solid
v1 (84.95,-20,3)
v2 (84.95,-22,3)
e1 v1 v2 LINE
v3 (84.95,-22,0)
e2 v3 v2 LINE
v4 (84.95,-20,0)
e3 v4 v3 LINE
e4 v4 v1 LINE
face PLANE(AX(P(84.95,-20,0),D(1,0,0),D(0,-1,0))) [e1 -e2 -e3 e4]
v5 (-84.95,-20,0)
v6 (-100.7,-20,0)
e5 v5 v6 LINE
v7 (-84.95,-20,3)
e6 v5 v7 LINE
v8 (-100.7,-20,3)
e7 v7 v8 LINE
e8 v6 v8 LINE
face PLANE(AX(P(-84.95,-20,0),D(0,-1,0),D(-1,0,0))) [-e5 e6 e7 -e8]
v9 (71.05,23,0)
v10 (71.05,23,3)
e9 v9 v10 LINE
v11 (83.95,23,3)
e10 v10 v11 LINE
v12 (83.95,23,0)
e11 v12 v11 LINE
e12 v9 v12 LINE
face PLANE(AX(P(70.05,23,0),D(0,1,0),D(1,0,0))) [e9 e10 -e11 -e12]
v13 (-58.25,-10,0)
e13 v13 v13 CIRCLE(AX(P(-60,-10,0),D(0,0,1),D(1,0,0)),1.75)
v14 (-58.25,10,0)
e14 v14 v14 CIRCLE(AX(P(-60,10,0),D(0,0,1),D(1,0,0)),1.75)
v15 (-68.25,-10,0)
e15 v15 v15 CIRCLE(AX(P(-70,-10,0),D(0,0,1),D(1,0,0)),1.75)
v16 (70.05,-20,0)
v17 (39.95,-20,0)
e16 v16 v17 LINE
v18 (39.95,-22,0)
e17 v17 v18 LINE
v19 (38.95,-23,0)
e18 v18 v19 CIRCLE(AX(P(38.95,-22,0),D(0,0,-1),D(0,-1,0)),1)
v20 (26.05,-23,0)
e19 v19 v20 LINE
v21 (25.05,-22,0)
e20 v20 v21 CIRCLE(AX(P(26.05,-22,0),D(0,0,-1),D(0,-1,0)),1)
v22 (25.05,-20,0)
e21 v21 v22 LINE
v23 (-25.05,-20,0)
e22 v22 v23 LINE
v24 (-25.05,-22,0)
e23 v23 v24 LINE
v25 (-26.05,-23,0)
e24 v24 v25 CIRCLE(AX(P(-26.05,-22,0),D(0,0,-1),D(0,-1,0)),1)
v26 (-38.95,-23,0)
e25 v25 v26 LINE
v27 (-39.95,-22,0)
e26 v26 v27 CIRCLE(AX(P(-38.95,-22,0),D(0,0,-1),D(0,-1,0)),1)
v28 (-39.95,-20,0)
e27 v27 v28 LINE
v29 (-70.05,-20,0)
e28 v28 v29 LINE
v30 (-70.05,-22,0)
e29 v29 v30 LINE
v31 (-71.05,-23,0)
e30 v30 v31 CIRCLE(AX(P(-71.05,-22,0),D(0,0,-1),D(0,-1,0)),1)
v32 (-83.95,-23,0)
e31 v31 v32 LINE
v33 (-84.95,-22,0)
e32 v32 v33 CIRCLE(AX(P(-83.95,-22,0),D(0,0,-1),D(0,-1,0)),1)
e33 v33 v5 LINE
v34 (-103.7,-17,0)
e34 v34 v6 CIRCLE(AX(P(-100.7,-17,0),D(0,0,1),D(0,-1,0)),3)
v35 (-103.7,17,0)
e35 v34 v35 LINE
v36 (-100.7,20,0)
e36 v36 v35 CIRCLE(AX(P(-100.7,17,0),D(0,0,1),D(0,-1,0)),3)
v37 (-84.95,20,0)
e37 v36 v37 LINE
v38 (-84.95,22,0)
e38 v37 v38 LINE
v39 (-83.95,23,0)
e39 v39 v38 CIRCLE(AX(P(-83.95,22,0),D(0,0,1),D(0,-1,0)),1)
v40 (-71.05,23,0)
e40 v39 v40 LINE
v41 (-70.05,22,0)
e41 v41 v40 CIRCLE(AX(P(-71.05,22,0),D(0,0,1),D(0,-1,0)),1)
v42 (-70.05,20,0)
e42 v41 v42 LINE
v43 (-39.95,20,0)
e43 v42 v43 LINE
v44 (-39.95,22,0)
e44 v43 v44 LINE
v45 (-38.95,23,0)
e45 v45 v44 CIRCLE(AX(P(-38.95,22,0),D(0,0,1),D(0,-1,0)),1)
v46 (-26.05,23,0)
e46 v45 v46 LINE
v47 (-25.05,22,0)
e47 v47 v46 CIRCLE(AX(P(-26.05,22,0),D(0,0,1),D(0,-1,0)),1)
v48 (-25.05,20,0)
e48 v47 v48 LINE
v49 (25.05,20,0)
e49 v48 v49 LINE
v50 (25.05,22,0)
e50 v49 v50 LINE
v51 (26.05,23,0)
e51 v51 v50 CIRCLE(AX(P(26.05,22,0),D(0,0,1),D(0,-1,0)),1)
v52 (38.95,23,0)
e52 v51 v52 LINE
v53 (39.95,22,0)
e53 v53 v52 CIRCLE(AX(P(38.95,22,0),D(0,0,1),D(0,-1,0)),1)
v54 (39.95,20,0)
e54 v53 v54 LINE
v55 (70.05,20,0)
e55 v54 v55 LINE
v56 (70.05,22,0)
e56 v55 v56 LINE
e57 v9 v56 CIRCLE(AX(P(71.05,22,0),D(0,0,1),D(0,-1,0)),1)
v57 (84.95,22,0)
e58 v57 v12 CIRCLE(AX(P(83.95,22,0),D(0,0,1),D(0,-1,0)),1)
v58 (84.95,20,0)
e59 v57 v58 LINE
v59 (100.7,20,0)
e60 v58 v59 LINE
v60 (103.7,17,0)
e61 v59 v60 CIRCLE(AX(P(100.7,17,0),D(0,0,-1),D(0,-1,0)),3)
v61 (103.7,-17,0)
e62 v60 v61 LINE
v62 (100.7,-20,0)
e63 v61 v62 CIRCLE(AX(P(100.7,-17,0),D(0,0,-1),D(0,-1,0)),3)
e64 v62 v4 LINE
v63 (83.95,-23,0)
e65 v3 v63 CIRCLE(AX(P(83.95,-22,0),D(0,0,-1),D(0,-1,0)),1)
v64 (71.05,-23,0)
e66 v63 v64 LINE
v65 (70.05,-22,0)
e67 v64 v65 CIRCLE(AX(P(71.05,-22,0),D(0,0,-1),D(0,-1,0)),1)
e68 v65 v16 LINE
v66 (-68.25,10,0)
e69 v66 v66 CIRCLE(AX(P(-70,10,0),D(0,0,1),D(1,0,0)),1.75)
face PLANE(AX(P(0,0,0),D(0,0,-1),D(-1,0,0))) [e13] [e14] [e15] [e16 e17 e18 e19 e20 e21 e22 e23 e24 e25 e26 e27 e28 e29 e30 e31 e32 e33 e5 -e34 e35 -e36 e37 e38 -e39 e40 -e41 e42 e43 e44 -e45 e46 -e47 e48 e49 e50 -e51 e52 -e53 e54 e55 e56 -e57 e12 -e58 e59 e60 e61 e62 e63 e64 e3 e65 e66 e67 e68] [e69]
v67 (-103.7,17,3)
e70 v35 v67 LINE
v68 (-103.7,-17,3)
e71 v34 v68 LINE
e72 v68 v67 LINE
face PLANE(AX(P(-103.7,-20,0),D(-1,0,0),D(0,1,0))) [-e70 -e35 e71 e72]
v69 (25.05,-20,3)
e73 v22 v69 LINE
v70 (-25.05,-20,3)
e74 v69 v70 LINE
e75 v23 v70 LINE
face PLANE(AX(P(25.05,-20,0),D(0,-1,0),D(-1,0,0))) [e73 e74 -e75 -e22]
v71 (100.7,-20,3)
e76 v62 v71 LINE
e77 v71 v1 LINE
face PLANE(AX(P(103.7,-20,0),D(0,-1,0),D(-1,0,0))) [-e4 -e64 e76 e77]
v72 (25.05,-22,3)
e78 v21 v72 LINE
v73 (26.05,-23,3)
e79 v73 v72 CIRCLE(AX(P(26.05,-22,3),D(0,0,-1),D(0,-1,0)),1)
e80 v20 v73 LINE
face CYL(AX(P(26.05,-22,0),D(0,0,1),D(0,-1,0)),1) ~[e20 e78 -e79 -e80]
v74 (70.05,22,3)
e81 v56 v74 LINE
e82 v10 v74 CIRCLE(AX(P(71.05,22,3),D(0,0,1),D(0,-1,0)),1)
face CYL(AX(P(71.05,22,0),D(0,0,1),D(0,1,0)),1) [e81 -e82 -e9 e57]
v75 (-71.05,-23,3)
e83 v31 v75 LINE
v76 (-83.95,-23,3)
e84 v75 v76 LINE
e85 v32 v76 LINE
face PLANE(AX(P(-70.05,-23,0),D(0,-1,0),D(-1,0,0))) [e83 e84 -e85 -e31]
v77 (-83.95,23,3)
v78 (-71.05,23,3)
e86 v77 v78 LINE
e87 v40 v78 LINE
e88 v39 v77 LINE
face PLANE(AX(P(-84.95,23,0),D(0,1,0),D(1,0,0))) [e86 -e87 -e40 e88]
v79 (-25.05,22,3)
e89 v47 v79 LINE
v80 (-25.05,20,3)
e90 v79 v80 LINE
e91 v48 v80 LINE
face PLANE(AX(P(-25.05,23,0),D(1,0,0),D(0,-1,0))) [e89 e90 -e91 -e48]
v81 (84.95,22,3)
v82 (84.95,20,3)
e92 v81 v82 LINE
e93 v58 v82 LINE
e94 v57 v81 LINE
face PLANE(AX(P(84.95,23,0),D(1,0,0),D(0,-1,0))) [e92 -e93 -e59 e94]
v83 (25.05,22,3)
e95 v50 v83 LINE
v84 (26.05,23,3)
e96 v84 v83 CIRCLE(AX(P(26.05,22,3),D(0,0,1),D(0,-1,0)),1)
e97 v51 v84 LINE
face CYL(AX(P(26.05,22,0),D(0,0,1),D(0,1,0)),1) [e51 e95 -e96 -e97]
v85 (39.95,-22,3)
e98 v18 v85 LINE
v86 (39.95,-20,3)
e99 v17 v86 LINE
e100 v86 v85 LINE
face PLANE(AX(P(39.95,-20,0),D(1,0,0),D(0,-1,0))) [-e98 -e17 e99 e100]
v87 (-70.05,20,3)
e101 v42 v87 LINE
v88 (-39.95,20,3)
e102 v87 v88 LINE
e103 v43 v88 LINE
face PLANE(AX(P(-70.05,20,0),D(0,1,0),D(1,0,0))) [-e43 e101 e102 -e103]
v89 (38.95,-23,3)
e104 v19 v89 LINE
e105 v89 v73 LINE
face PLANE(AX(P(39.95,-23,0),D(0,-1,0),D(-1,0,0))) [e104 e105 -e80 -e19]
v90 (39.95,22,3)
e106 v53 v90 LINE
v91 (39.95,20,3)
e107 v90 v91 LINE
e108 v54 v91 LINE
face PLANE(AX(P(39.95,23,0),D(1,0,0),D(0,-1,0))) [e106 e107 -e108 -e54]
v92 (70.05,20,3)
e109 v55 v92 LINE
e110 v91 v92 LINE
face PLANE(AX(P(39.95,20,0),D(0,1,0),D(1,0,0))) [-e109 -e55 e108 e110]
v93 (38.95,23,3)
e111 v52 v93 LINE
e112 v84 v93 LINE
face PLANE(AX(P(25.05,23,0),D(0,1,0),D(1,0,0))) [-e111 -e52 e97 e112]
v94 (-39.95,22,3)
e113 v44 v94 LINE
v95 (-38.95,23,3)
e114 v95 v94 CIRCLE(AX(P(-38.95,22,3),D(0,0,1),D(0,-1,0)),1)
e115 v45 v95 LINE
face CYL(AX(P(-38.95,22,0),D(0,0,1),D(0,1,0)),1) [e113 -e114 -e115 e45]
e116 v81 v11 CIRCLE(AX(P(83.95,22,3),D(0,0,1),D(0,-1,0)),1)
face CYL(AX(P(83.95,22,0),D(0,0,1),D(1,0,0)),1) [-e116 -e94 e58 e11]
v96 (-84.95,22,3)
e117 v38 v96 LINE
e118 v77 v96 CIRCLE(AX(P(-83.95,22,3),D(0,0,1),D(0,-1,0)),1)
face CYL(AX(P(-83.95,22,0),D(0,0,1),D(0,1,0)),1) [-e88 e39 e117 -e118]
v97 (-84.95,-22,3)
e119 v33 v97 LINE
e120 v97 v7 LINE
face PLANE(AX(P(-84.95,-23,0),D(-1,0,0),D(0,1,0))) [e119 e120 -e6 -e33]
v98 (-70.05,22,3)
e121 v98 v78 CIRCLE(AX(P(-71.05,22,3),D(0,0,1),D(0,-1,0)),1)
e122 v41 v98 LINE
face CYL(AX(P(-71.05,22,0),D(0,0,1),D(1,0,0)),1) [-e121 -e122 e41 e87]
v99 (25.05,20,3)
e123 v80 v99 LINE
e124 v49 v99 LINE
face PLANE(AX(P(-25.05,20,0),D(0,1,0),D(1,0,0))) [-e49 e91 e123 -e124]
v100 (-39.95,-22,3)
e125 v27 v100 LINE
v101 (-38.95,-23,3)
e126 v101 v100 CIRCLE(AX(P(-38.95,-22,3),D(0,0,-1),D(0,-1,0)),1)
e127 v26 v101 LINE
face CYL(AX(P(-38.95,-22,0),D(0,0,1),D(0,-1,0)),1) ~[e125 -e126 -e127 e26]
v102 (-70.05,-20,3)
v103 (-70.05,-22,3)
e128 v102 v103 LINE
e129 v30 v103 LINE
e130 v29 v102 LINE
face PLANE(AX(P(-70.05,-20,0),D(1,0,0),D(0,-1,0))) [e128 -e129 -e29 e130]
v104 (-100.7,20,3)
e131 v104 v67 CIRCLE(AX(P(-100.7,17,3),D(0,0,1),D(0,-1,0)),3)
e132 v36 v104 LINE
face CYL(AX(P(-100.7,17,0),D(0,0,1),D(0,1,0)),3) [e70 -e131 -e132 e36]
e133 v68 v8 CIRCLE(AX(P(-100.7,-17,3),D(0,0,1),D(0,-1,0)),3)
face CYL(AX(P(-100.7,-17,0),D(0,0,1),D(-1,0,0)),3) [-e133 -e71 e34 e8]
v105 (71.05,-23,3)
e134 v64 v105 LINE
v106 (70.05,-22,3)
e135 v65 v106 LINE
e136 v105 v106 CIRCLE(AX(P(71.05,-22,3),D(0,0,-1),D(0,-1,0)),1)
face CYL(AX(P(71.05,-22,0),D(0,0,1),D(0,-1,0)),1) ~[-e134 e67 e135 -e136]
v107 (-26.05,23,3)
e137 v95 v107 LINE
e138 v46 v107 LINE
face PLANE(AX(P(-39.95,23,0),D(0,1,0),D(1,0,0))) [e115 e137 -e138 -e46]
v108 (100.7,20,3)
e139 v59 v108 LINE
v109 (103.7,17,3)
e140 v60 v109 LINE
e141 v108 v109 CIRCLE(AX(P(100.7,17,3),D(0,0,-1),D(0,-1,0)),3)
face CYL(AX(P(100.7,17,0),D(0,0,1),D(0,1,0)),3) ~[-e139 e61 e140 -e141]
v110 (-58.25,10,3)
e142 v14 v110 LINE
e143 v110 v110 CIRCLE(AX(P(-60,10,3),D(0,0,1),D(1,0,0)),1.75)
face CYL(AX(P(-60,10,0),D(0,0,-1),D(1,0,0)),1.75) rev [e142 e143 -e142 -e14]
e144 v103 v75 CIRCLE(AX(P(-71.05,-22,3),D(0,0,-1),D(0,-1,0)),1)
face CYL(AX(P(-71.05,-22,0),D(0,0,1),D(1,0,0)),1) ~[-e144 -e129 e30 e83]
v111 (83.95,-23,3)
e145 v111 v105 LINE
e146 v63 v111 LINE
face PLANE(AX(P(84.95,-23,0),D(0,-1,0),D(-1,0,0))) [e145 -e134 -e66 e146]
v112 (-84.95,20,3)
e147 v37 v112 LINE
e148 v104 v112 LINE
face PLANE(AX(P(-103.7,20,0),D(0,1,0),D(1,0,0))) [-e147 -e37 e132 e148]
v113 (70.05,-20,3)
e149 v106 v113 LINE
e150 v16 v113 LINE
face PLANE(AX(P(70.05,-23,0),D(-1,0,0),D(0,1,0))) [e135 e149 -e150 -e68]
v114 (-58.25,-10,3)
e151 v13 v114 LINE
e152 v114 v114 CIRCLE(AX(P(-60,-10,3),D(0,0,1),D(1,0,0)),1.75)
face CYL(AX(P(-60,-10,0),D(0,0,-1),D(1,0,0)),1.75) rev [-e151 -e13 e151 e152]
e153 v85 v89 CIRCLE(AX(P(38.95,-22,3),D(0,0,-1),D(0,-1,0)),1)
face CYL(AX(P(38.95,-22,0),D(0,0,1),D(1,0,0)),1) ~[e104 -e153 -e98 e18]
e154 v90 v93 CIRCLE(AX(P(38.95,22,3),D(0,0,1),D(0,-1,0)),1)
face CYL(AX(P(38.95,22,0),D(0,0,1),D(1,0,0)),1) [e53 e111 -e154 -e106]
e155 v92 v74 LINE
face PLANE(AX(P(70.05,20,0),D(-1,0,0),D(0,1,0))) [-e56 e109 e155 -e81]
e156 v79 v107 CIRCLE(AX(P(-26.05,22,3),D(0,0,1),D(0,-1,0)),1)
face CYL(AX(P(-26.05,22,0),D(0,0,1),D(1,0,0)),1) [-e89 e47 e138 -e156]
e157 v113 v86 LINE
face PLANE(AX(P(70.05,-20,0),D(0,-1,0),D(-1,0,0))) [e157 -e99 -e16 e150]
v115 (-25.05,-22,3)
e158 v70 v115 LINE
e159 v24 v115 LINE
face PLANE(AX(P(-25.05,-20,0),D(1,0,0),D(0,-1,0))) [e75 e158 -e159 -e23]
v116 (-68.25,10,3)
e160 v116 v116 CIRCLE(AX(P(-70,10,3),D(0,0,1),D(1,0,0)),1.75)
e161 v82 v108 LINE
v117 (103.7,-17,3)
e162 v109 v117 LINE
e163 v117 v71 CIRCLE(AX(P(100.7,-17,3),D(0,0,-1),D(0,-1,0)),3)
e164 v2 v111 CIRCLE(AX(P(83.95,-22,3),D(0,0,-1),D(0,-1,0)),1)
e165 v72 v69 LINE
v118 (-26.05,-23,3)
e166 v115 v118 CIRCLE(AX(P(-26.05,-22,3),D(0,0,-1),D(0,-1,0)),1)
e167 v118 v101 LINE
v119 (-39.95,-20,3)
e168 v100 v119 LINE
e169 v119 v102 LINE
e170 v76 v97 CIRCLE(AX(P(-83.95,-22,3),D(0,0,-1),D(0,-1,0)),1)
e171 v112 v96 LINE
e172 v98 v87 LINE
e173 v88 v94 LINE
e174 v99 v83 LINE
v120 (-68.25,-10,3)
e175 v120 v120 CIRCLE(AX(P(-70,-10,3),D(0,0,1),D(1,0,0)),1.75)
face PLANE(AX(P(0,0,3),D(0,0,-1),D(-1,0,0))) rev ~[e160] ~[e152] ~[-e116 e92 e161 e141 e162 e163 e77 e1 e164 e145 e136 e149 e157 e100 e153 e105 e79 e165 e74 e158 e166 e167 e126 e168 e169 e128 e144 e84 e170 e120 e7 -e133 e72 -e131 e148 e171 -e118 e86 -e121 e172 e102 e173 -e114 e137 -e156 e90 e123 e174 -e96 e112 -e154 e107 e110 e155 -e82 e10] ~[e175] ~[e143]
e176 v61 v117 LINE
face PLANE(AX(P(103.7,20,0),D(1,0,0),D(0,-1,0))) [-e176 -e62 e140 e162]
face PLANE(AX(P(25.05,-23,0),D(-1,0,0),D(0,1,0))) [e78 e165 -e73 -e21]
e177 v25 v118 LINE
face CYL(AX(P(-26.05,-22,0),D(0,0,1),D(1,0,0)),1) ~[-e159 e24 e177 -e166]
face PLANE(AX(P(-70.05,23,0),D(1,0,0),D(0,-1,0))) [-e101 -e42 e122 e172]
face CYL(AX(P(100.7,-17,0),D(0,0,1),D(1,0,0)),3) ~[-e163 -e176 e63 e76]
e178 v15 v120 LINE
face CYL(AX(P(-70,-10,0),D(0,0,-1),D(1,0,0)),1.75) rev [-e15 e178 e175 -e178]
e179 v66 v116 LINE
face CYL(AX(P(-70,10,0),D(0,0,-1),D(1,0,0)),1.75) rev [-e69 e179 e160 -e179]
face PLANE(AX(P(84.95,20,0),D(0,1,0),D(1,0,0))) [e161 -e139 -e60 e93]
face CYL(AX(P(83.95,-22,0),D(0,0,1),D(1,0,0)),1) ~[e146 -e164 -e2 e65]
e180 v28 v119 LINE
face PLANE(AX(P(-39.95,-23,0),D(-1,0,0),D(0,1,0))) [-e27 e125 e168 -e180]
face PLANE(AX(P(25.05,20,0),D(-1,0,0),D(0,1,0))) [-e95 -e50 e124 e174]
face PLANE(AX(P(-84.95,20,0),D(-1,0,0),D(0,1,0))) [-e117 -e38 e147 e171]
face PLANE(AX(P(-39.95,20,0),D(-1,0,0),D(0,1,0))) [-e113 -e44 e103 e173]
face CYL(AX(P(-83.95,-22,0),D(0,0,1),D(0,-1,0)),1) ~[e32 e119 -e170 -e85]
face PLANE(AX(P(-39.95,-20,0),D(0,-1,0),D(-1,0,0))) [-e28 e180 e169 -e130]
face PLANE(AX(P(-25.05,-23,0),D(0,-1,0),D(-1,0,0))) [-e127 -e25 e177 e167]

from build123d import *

# Parameters (mm, degrees)
SKETCH_R    = 1.75
PAD_DEPTH   = 3
FILLET_R    = 3
FILLET001_R = 1


with BuildPart() as part:
    # Sketch → Pad (new body)
    with BuildSketch(Plane.XY):
        Polygon((25.05, 23), (39.95, 23), (39.95, 20), (70.05, 20), (70.05, 23), (84.95, 23), (84.95, 20), (103.7, 20), (103.7, -20), (84.95, -20), (84.95, -23), (70.05, -23), (70.05, -20), (39.95, -20), (39.95, -23), (25.05, -23), (25.05, -20), (-25.05, -20), (-25.05, -23), (-39.95, -23), (-39.95, -20), (-70.05, -20), (-70.05, -23), (-84.95, -23), (-84.95, -20), (-103.7, -20), (-103.7, 20), (-84.95, 20), (-84.95, 23), (-70.05, 23), (-70.05, 20), (-39.95, 20), (-39.95, 23), (-25.05, 23), (-25.05, 20), (25.05, 20), align=None)
        with Locations((-70, 10)):
            Circle(SKETCH_R, mode=Mode.SUBTRACT)
        with Locations((-60, 10)):
            Circle(SKETCH_R, mode=Mode.SUBTRACT)
        with Locations((-70, -10)):
            Circle(SKETCH_R, mode=Mode.SUBTRACT)
        with Locations((-60, -10)):
            Circle(SKETCH_R, mode=Mode.SUBTRACT)
    extrude(amount=PAD_DEPTH)

    # Fillet
    fillet_edges = [part.edges().sort_by_distance(p)[0] for p in [
        (-103.7, 20, 1.5),
        (103.7, 20, 1.5),
        (103.7, -20, 1.5),
        (-103.7, -20, 1.5),
    ]]
    fillet(fillet_edges, radius=FILLET_R)

    # Fillet001
    fillet001_edges = [part.edges().sort_by_distance(p)[0] for p in [
        (-84.95, 23, 1.5),
        (-70.05, 23, 1.5),
        (-84.95, -23, 1.5),
        (-39.95, 23, 1.5),
        (-70.05, -23, 1.5),
        (-25.05, 23, 1.5),
        (-39.95, -23, 1.5),
        (25.05, 23, 1.5),
        (-25.05, -23, 1.5),
        (39.95, 23, 1.5),
        (25.05, -23, 1.5),
        (70.05, 23, 1.5),
        (39.95, -23, 1.5),
        (84.95, 23, 1.5),
        (70.05, -23, 1.5),
        (84.95, -23, 1.5),
    ]]
    fillet(fillet001_edges, radius=FILLET001_R)


solid = part.part
